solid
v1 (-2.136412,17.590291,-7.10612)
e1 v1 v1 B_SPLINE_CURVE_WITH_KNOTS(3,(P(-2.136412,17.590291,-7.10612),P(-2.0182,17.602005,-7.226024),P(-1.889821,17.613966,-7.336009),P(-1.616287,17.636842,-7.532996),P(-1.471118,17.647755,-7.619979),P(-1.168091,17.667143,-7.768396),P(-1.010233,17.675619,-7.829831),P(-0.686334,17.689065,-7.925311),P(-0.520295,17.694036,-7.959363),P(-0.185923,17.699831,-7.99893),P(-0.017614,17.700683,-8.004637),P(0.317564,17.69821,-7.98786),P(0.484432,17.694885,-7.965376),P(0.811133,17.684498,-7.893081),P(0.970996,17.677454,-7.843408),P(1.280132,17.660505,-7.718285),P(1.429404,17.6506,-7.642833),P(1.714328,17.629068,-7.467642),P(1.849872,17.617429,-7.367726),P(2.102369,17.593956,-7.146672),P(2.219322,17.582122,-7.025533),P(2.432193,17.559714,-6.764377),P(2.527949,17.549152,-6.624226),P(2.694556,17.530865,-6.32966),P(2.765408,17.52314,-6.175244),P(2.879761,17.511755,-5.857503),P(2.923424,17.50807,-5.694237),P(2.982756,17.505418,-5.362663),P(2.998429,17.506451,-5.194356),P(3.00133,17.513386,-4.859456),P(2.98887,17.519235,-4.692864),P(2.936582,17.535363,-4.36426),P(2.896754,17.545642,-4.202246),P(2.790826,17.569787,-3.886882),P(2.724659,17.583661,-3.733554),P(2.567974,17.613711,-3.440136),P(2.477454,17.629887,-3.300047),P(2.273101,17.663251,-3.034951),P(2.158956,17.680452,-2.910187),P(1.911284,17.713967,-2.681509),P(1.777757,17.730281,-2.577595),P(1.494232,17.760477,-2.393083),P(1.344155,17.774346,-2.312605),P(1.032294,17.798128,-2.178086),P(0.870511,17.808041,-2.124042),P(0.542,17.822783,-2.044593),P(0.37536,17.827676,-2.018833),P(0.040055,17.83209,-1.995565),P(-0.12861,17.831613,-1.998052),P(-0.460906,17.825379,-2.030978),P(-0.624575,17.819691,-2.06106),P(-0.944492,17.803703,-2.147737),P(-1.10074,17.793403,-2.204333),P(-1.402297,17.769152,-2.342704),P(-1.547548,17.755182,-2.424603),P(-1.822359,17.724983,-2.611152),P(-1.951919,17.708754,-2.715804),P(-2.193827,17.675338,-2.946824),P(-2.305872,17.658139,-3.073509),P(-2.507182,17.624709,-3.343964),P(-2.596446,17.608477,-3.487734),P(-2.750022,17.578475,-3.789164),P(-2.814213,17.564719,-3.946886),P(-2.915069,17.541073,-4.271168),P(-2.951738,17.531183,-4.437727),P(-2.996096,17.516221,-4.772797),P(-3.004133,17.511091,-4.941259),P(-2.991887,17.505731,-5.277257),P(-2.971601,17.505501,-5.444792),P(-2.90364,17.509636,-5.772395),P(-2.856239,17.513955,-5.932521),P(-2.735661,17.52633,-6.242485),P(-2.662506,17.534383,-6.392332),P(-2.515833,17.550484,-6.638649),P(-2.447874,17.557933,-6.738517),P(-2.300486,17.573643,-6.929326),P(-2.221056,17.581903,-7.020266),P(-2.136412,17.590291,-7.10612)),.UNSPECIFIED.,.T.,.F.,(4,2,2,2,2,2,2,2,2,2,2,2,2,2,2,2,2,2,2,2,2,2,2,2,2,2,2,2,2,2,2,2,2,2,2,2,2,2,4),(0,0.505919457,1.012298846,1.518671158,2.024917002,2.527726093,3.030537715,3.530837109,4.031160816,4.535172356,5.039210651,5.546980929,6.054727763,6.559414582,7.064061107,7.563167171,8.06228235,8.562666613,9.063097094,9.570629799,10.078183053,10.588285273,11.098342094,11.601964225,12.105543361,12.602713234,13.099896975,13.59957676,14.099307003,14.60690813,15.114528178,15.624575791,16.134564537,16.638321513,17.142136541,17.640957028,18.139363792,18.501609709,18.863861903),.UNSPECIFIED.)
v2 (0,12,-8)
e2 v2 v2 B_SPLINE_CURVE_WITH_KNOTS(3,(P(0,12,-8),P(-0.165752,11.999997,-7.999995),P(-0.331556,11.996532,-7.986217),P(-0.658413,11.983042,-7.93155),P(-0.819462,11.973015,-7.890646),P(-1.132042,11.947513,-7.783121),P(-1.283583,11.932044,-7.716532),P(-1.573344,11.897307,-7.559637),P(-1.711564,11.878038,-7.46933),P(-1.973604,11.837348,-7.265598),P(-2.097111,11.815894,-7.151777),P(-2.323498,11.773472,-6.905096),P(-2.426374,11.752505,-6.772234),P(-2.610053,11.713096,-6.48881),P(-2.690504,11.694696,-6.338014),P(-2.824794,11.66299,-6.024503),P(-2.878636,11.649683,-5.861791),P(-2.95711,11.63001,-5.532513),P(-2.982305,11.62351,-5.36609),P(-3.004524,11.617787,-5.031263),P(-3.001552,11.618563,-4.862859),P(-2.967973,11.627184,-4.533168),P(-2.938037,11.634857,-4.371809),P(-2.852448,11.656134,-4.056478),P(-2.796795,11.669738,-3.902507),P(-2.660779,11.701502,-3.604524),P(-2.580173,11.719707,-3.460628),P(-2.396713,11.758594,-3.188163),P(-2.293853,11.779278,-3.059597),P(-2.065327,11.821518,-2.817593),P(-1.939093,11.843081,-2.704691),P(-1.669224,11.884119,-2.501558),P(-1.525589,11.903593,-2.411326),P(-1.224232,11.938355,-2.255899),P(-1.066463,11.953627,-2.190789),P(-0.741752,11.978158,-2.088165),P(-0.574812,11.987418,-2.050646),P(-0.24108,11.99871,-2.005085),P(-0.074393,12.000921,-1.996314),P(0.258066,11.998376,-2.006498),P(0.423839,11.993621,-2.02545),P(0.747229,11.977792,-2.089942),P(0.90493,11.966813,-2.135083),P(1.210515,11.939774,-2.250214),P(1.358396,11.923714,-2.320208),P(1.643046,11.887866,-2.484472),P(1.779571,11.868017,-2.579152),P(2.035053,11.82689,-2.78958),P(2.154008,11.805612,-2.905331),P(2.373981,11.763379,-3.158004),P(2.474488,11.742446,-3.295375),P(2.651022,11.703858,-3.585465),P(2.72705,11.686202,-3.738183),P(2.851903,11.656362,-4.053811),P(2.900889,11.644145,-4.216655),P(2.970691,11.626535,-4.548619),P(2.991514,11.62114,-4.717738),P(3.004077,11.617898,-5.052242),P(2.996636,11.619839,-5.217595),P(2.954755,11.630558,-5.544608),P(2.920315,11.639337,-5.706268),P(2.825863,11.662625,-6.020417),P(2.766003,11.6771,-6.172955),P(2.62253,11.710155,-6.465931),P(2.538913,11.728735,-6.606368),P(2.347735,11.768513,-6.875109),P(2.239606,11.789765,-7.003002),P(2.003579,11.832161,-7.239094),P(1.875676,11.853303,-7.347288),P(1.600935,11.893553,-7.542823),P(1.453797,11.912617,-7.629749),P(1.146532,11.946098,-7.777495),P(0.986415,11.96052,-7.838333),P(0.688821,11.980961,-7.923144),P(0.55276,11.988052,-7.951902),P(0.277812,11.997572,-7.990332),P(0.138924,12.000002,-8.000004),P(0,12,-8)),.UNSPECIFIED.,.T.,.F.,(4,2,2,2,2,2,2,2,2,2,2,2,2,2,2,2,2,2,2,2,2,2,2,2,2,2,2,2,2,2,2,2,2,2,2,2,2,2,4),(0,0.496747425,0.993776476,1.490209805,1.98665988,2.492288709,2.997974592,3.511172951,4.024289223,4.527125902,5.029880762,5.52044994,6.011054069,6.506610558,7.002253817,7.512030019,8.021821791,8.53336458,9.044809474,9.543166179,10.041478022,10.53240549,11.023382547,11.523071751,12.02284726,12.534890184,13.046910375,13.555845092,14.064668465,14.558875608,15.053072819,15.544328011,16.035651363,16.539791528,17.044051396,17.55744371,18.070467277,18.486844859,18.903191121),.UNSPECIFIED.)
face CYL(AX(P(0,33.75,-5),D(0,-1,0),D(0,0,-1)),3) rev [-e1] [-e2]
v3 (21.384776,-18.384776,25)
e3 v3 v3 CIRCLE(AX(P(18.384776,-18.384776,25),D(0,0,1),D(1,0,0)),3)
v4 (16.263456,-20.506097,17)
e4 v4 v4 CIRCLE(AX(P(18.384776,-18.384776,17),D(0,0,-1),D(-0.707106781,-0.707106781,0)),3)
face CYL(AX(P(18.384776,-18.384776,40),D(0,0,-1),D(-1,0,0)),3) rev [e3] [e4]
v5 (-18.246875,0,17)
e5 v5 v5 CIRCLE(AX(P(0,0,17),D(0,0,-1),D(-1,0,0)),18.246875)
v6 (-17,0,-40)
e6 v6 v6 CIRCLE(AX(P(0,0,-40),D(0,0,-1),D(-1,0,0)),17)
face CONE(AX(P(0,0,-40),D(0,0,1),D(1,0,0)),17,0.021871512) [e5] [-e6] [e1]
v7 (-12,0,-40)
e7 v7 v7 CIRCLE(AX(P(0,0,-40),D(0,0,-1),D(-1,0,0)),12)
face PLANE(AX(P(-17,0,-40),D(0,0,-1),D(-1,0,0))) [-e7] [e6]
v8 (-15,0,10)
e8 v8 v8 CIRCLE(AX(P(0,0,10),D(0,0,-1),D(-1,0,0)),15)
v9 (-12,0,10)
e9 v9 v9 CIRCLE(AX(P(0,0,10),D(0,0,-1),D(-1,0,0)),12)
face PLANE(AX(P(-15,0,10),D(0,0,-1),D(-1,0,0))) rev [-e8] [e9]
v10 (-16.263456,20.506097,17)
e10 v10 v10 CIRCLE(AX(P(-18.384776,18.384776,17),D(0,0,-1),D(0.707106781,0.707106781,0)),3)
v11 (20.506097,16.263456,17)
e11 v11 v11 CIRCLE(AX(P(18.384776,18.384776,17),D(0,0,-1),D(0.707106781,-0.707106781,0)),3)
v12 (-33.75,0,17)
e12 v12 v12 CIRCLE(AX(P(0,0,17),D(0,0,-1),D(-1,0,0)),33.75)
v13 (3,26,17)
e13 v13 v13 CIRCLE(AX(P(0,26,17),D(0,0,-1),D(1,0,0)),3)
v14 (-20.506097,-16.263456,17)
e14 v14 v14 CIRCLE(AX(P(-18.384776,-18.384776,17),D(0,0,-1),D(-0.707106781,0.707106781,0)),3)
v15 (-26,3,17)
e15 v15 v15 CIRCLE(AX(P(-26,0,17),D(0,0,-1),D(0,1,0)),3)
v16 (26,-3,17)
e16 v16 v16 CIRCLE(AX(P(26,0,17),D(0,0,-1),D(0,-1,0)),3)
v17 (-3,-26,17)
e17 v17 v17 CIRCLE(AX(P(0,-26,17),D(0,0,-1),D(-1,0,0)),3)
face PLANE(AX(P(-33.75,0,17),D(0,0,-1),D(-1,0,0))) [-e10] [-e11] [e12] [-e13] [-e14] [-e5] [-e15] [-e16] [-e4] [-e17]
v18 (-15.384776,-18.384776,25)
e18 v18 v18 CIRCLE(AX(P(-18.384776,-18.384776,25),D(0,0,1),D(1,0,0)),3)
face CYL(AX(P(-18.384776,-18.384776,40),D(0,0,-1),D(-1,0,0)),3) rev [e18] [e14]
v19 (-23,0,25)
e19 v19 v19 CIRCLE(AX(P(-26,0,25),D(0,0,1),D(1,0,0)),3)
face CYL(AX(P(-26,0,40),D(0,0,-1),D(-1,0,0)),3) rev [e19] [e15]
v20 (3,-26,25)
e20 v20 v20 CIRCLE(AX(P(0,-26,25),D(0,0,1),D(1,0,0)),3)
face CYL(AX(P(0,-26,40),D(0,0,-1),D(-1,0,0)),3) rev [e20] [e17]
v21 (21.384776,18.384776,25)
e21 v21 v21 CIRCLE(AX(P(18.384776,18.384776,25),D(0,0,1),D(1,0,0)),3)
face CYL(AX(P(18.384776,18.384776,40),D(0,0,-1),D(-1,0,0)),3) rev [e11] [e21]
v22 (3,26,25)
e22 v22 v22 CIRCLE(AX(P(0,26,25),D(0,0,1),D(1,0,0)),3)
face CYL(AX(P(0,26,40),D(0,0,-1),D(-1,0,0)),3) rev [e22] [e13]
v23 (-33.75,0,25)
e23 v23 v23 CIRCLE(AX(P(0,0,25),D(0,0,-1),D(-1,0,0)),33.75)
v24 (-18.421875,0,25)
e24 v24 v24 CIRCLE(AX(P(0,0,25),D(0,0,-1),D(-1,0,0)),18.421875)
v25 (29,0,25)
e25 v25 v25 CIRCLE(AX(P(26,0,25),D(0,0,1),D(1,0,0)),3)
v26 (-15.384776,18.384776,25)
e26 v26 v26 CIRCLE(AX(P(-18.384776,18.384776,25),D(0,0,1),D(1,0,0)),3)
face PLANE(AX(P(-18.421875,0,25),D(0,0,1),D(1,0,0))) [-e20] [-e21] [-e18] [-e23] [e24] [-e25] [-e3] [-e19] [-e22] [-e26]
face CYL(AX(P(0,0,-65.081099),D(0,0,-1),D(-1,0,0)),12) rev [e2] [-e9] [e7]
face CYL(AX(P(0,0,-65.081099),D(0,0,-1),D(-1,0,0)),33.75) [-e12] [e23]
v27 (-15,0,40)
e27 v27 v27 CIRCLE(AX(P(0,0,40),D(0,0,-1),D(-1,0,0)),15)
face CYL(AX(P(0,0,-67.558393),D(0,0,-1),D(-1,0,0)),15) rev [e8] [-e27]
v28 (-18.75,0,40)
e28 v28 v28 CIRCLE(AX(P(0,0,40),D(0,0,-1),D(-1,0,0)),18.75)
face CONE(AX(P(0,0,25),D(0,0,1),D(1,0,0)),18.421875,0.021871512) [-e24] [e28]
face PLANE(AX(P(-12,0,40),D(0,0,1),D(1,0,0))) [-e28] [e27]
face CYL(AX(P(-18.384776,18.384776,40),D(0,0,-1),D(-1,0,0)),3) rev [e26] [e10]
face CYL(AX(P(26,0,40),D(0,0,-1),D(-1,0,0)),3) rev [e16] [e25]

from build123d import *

# Parameters (mm, degrees)
SCHIZZO5_W                  = 15
SCHIZZO5_H                  = 30
SCHIZZO7_R                  = 3
TAGLIO_ESTRUSIONE1_DEPTH    = 24
RIPETIZIONECIRCOLARE1_COUNT = 8
SCHIZZO8_R                  = 3
TAGLIO_ESTRUSIONE2_DEPTH    = 34.75


with BuildPart() as part:
    # Schizzo3 → Rivoluzione2 (revolve)
    with BuildSketch(Plane(origin=(0, 0, 0), x_dir=(1, 0, 0), z_dir=(0, 1, 0))):
        Polygon((-17, 40), (-12, 40), (-12, -40), (-18.75, -40), (-18.421875, -25), (-33.75, -25), (-33.75, -17), (-18.246875, -17), align=None)
    revolve(axis=Axis((0, 0, -65.081098712), (0, 0, 1)))

    # Schizzo5 → Taglia-Rivoluzione1 (revolve, cut)
    with BuildSketch(Plane(origin=(0, 0, 0), x_dir=(1, 0, 0), z_dir=(0, 1, 0))):
        with Locations((-7.5, -25)):
            Rectangle(SCHIZZO5_W, SCHIZZO5_H)
    revolve(axis=Axis((0, 0, -67.558392607), (0, 0, 1)), mode=Mode.SUBTRACT)

    # Schizzo7 → Taglio-Estrusione1 (cut, through all)
    with BuildSketch(Plane(origin=(0, 0, 17), x_dir=(-1, 0, 0), z_dir=(0, 0, -1))):
        with Locations((0, -26)):
            Circle(SCHIZZO7_R)
    taglio_estrusione1 = extrude(amount=-TAGLIO_ESTRUSIONE1_DEPTH, mode=Mode.SUBTRACT)

    # RipetizioneCircolare1: Taglio-Estrusione1 ×8 about axis
    ripetizionecircolare1_axis = Axis((0, 0, 0), (0, 0, 1))
    for i in range(1, RIPETIZIONECIRCOLARE1_COUNT):
        add(taglio_estrusione1.rotate(ripetizionecircolare1_axis, i * 360 / RIPETIZIONECIRCOLARE1_COUNT), mode=Mode.SUBTRACT)

    # Schizzo8 → Taglio-Estrusione2 (cut, through all)
    with BuildSketch(Plane(origin=(0, 0, 0), x_dir=(1, 0, 0), z_dir=(0, 1, 0))):
        with Locations((0, 5)):
            Circle(SCHIZZO8_R)
    extrude(amount=TAGLIO_ESTRUSIONE2_DEPTH, mode=Mode.SUBTRACT)


solid = part.part
